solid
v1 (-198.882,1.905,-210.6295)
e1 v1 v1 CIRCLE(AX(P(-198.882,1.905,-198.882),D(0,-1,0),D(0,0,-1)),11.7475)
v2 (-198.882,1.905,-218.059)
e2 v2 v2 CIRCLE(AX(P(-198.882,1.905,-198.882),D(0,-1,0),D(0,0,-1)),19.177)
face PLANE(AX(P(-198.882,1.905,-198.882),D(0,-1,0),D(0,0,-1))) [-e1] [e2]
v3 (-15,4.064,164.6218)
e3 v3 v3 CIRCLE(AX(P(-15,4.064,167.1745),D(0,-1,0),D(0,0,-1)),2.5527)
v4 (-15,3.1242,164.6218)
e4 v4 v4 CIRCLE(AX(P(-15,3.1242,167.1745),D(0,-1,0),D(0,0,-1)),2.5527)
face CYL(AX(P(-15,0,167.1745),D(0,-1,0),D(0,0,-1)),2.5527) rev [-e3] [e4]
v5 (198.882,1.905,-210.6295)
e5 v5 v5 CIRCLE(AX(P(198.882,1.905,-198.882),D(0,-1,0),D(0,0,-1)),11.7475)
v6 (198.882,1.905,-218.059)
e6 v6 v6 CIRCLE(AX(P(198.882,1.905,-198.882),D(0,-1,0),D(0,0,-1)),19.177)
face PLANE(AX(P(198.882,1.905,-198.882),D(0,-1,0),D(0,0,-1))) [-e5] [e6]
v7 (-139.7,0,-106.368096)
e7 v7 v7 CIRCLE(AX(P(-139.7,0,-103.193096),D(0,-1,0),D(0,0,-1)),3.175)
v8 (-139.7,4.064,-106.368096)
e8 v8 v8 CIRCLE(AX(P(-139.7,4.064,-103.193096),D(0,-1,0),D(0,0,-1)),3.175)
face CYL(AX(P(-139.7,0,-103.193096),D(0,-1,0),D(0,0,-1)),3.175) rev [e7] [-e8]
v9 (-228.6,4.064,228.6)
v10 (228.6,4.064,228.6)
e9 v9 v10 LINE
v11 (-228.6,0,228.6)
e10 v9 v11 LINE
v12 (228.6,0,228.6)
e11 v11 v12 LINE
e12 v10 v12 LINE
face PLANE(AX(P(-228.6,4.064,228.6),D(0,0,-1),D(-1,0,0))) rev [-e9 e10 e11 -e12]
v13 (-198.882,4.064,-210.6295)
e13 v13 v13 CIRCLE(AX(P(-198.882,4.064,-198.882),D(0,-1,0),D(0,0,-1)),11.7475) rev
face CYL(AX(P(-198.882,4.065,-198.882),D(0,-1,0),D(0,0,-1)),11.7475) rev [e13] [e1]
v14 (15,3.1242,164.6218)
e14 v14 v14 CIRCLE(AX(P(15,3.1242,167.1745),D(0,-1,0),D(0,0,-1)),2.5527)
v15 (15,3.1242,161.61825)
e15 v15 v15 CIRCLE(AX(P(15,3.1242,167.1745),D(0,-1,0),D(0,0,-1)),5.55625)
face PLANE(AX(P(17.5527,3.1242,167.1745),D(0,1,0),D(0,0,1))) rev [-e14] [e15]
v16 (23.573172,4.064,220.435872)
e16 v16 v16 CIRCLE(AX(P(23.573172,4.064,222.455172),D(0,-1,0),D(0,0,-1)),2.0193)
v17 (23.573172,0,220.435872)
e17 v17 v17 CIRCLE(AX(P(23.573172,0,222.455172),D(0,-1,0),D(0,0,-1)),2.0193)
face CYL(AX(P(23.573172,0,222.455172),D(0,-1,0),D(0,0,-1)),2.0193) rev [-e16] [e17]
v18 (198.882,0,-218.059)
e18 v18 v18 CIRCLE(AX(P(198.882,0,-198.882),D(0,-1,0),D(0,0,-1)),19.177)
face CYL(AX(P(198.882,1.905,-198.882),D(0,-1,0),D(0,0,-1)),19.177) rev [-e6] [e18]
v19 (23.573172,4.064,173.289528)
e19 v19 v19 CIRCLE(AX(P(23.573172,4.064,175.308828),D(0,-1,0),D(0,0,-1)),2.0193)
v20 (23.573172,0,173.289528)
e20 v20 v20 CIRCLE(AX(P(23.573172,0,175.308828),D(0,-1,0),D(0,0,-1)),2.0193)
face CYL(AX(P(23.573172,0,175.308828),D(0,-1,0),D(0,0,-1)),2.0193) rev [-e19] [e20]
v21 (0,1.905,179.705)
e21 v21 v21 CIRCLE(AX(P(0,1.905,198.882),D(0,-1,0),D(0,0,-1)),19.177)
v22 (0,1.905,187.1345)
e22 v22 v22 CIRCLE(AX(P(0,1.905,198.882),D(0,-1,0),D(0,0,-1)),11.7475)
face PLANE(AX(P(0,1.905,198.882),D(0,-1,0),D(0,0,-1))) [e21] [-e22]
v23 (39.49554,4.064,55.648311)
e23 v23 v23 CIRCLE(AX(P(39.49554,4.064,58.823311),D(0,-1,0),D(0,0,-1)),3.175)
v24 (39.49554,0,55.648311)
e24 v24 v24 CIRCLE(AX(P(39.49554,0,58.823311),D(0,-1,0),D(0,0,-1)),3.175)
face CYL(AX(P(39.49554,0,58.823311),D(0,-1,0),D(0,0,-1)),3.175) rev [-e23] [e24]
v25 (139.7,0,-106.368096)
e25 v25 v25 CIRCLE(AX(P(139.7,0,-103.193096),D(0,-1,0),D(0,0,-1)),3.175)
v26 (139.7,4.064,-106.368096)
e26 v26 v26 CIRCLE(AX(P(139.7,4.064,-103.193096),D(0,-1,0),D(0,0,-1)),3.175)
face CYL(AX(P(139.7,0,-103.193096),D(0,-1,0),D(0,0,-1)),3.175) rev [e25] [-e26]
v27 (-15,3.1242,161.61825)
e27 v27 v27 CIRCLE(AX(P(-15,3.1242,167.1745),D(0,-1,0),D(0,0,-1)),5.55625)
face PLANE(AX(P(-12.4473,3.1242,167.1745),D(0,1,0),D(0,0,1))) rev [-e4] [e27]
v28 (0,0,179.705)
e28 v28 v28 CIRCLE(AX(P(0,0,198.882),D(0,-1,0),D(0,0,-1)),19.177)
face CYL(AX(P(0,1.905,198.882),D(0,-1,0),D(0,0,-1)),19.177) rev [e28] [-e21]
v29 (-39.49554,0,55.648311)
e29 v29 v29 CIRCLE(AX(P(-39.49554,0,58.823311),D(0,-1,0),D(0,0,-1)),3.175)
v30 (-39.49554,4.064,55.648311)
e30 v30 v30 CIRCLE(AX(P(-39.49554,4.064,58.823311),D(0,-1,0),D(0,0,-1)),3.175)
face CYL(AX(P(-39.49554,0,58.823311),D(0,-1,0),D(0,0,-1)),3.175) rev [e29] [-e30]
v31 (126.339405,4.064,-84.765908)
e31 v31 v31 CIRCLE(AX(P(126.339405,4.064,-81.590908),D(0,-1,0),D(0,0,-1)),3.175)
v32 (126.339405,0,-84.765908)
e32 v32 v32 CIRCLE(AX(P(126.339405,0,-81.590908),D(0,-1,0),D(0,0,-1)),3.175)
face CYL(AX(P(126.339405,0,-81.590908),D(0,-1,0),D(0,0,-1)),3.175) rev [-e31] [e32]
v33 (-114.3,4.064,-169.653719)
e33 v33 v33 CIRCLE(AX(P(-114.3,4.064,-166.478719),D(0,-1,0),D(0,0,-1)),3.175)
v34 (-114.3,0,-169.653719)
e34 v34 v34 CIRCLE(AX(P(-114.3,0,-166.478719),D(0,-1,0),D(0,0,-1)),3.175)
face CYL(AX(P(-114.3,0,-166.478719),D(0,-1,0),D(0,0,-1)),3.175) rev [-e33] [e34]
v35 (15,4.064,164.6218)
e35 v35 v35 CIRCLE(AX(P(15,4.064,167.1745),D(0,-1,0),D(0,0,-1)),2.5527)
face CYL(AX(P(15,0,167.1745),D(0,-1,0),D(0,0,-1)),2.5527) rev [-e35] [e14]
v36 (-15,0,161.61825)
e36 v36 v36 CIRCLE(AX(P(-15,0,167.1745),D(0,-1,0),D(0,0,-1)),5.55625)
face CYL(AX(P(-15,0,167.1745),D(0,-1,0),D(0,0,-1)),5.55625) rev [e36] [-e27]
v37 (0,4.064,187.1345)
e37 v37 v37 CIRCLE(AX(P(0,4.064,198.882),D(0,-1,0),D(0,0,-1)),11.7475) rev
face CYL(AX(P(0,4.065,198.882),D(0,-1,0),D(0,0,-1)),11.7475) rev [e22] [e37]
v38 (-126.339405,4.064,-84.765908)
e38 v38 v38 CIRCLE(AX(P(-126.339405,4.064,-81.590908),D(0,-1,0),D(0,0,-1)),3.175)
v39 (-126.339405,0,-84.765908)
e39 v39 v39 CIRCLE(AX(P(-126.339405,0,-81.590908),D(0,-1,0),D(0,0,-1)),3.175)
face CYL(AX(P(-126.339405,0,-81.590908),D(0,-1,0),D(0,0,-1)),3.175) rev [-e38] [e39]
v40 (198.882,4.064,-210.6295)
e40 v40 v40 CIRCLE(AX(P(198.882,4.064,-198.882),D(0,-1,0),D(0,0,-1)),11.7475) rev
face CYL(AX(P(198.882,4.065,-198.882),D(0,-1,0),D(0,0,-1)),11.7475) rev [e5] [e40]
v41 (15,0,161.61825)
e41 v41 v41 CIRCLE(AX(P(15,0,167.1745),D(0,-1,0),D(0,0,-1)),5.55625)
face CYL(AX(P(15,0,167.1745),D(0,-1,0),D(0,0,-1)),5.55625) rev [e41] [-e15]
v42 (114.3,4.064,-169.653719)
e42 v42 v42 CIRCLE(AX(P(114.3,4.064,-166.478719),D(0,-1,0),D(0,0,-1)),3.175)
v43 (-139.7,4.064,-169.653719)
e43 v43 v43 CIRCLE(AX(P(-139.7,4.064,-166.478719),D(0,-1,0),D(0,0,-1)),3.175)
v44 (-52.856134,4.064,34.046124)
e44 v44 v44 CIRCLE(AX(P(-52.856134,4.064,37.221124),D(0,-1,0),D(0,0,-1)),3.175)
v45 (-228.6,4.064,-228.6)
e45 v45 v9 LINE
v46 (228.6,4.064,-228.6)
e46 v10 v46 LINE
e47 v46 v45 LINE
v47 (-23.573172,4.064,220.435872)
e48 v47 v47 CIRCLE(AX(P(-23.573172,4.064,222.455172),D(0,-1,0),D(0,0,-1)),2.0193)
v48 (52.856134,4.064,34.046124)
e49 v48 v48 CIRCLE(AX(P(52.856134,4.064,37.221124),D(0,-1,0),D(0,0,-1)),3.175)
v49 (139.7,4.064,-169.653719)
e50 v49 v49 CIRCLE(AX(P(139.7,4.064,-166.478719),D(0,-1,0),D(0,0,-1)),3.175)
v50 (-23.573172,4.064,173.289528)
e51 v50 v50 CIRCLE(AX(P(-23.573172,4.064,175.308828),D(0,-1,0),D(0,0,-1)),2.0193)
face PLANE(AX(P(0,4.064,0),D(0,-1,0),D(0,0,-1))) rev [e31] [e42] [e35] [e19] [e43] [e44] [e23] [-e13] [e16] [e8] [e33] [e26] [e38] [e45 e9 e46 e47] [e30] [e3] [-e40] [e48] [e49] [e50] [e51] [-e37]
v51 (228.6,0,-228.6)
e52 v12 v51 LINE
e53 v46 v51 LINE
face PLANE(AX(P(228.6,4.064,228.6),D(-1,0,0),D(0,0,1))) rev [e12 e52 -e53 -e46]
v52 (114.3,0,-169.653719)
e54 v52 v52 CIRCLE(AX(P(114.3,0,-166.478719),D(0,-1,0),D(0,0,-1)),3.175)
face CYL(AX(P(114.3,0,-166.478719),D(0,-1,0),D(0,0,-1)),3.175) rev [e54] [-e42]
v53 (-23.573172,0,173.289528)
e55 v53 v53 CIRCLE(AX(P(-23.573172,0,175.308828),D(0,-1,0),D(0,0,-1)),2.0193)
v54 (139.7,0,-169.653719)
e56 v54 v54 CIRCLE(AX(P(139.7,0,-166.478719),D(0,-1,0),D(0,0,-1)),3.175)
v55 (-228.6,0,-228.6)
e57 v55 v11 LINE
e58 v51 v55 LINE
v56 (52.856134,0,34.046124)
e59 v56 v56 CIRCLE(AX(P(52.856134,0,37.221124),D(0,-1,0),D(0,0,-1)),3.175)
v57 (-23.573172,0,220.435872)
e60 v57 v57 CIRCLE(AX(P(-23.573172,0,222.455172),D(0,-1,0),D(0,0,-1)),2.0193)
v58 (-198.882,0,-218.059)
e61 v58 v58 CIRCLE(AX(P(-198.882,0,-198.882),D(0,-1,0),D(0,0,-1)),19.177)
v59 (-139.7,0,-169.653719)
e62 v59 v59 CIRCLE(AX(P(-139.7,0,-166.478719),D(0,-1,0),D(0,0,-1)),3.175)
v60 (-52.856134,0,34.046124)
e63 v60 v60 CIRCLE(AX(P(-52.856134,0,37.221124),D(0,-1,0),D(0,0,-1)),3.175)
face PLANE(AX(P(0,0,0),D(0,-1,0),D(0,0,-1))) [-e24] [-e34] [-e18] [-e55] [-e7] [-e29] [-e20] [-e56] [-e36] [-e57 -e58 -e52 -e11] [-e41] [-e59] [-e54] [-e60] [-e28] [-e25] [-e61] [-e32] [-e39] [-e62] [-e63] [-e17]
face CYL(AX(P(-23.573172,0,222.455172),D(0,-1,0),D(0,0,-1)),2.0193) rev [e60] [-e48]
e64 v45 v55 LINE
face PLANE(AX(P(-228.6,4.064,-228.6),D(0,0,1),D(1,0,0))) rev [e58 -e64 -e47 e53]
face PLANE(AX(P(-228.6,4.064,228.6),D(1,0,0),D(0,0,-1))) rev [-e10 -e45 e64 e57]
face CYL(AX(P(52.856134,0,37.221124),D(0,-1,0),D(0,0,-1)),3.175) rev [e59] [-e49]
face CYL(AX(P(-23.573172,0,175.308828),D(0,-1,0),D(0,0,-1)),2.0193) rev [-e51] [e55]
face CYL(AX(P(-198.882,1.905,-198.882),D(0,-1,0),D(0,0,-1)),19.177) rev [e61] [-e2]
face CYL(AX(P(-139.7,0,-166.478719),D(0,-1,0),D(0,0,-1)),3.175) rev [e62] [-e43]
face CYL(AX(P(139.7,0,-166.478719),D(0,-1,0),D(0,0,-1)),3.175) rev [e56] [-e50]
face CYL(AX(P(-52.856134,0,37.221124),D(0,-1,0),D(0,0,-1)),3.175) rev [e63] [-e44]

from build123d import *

# Parameters (mm, degrees)
SKETCH1_W                                           = 457.2
SKETCH1_H                                           = 457.2
BOSS_EXTRUDE1_DEPTH                                 = 4.064
SKETCH2_R                                           = 19.177
CUT_EXTRUDE1_DEPTH                                  = 1.905
CUT_EXTRUDE2_REACH                                  = 4.159
SKETCH3_R                                           = 11.7475
F_10_32_TAPPED_HOLE1_D                              = 4.0386
F_10_32_TAPPED_HOLE2_D                              = 4.0386
CBORE_FOR_10_BINDING_HEAD_MACHINE_SCREW_D           = 5.1054
CBORE_FOR_10_BINDING_HEAD_MACHINE_SCREW_CBORE_D     = 11.1125
CBORE_FOR_10_BINDING_HEAD_MACHINE_SCREW_CBORE_DEPTH = 3.1242
F_1_4_0_25_DIAMETER_HOLE1_D                         = 6.35


with BuildPart() as part:
    # Sketch1 → Boss-Extrude1 (new body)
    with BuildSketch(Plane(origin=(0, 0, 0), x_dir=(1, 0, 0), z_dir=(0, 1, 0))):
        Rectangle(SKETCH1_W, SKETCH1_H)
    extrude(amount=BOSS_EXTRUDE1_DEPTH)

    # Sketch2 → Cut-Extrude1 (cut)
    with BuildSketch(Plane.XZ):
        with Locations((0, 198.882)):
            Circle(SKETCH2_R)
        with Locations((-198.882, -198.882)):
            Circle(SKETCH2_R)
        with Locations((198.882, -198.882)):
            Circle(SKETCH2_R)
    extrude(amount=-CUT_EXTRUDE1_DEPTH, mode=Mode.SUBTRACT)

    # Sketch3 → Cut-Extrude2 (cut, up to next)
    with BuildSketch(Plane.XZ.offset(-1.905), mode=Mode.PRIVATE) as cut_extrude2_sk1:
        with Locations((0, 198.882)):
            Circle(SKETCH3_R)
    cut_extrude2_tool1 = extrude(cut_extrude2_sk1.sketch, amount=-CUT_EXTRUDE2_REACH, mode=Mode.PRIVATE) & part.part
    add(cut_extrude2_tool1.solids().sort_by_distance((0, 1.905, 198.882))[0], mode=Mode.SUBTRACT)
    # Sketch3 → Cut-Extrude2 (cut, up to next)
    with BuildSketch(Plane.XZ.offset(-1.905), mode=Mode.PRIVATE) as cut_extrude2_sk2:
        with Locations((-198.882, -198.882)):
            Circle(SKETCH3_R)
    cut_extrude2_tool2 = extrude(cut_extrude2_sk2.sketch, amount=-CUT_EXTRUDE2_REACH, mode=Mode.PRIVATE) & part.part
    add(cut_extrude2_tool2.solids().sort_by_distance((-198.882, 1.905, -198.882))[0], mode=Mode.SUBTRACT)
    # Sketch3 → Cut-Extrude2 (cut, up to next)
    with BuildSketch(Plane.XZ.offset(-1.905), mode=Mode.PRIVATE) as cut_extrude2_sk3:
        with Locations((198.882, -198.882)):
            Circle(SKETCH3_R)
    cut_extrude2_tool3 = extrude(cut_extrude2_sk3.sketch, amount=-CUT_EXTRUDE2_REACH, mode=Mode.PRIVATE) & part.part
    add(cut_extrude2_tool3.solids().sort_by_distance((198.882, 1.905, -198.882))[0], mode=Mode.SUBTRACT)

    # #10-32 Tapped Hole1 (through all)
    with Locations(Plane(origin=(0, 0, 0), x_dir=(-0.999999981, 0, 0.000197306), z_dir=(0, -1, 0))):
        with Locations((23.617063566, -222.450516863), (-23.529280152, -222.459819113)):
            Hole(F_10_32_TAPPED_HOLE1_D / 2)

    # #10-32 Tapped Hole2 (through all)
    with Locations(Plane(origin=(0, 0, 0), x_dir=(-0.999999981, 0, 0.000197306), z_dir=(0, -1, 0))):
        with Locations((23.607761316, -175.304173145), (-23.538582402, -175.313475395)):
            Hole(F_10_32_TAPPED_HOLE2_D / 2)

    # CBORE for #10 Binding Head Machine Screw1 (through all)
    with Locations(Plane.XZ):
        with Locations((-15, 167.174500066), (15, 167.174500066)):
            CounterBoreHole(CBORE_FOR_10_BINDING_HEAD_MACHINE_SCREW_D / 2, CBORE_FOR_10_BINDING_HEAD_MACHINE_SCREW_CBORE_D / 2, CBORE_FOR_10_BINDING_HEAD_MACHINE_SCREW_CBORE_DEPTH)

    # 1/4 (0.25) Diameter Hole1 (through all)
    with Locations(Plane(origin=(0, 0, 0), x_dir=(-1, 0, 0), z_dir=(0, -1, 0))):
        with Locations((-39.495539735, -58.823311233), (-52.856134437, -37.22112363), (-126.339405298, 81.590908183), (-139.7, 103.193095785), (-139.7, 166.478718596), (-114.3, 166.478718596), (114.3, 166.478718596), (139.7, 166.478718596), (139.7, 103.193095785), (126.339405298, 81.590908183), (52.856134437, -37.22112363), (39.495539735, -58.823311233)):
            Hole(F_1_4_0_25_DIAMETER_HOLE1_D / 2)


solid = part.part
